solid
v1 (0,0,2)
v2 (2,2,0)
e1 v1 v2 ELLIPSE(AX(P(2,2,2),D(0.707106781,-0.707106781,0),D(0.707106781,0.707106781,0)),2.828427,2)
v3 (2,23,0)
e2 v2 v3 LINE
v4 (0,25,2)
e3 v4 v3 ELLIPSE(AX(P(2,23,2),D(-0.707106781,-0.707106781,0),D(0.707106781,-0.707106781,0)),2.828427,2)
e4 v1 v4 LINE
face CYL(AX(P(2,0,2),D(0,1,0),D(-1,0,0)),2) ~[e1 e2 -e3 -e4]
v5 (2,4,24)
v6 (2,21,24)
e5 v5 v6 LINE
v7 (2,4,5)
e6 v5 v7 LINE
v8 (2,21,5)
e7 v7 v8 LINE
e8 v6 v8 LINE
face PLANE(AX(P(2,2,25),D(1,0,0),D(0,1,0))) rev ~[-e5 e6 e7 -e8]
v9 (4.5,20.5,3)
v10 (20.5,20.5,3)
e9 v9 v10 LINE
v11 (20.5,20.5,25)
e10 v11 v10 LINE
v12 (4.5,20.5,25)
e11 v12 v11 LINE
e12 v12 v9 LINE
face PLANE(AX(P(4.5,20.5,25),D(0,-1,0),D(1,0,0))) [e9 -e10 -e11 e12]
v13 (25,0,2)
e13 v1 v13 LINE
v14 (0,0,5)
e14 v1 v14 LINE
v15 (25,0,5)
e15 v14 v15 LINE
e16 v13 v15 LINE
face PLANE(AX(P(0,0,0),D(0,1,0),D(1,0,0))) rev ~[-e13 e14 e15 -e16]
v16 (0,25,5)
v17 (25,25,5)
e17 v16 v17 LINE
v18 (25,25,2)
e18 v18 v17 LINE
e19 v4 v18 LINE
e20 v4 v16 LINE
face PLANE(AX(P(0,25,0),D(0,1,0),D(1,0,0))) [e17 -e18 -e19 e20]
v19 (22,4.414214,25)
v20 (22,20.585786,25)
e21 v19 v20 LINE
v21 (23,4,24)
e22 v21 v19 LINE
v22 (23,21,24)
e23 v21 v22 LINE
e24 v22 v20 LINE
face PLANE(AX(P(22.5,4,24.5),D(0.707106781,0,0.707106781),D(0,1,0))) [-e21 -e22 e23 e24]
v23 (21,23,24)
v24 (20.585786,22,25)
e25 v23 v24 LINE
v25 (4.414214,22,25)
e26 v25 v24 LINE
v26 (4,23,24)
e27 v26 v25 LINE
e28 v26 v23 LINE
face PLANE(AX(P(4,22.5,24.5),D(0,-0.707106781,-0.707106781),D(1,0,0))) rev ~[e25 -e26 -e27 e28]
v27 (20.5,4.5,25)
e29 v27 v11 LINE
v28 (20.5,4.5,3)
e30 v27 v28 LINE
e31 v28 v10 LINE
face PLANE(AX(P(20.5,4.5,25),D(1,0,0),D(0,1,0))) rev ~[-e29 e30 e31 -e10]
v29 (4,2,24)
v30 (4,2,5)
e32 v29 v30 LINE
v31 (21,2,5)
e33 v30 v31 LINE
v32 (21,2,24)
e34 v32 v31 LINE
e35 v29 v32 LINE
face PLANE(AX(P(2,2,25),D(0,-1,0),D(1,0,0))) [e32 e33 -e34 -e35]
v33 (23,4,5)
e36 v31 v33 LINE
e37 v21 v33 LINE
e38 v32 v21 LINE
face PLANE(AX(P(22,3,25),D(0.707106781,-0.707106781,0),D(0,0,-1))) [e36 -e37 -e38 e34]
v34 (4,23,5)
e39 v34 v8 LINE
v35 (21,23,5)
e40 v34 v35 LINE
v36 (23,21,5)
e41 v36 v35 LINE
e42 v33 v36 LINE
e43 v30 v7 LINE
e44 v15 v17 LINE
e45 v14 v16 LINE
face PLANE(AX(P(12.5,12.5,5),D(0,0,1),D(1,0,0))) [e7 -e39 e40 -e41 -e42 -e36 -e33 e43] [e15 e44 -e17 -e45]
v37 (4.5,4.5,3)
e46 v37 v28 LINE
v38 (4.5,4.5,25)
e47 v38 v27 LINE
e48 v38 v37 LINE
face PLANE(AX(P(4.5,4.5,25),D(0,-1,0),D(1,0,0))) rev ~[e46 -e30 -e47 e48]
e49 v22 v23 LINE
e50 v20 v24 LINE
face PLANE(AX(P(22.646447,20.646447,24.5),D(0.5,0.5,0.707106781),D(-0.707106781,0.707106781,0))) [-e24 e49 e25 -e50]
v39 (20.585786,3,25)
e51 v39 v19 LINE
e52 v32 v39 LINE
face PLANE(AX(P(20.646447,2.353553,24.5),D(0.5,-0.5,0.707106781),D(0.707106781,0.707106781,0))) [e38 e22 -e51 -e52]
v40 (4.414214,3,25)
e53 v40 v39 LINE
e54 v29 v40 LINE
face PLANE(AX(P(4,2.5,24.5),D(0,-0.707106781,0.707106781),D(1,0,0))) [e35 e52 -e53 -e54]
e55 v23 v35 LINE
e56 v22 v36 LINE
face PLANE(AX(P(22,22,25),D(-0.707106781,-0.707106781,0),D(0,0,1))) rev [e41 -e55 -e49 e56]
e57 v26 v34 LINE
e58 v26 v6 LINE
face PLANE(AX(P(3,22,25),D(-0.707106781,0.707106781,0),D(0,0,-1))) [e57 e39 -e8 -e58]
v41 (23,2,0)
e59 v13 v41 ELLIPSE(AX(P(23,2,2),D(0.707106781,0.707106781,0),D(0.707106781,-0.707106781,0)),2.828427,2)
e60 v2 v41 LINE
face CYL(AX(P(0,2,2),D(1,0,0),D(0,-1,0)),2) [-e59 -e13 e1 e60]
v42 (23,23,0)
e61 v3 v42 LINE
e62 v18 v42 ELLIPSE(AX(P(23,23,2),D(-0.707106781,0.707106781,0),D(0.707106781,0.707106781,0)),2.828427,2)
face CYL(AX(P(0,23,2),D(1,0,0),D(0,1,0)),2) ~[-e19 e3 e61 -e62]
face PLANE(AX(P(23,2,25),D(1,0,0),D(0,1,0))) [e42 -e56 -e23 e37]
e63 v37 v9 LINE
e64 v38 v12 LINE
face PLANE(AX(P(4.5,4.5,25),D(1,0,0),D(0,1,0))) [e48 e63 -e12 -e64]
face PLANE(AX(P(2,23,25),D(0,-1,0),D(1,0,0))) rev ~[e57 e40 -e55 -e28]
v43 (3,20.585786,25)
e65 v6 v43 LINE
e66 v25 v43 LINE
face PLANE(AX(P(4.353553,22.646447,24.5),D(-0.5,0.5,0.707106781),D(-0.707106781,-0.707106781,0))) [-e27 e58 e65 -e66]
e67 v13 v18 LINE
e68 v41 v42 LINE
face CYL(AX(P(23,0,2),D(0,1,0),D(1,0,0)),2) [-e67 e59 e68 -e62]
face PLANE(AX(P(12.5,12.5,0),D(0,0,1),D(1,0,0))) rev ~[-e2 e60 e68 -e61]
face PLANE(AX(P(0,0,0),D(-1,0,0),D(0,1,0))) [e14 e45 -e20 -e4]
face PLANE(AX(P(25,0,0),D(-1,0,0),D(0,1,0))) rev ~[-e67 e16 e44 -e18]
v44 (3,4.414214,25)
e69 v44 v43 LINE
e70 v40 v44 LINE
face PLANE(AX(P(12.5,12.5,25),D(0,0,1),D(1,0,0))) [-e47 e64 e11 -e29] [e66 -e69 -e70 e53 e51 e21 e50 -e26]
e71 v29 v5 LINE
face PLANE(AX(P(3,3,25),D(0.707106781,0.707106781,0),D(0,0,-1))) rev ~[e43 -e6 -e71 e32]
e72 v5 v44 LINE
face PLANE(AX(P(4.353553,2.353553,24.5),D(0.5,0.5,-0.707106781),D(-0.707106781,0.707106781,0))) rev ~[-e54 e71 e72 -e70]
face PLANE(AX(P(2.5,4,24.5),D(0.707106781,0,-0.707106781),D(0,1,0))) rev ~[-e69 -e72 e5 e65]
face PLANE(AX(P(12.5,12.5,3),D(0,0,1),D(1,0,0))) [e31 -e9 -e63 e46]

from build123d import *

# Parameters (mm, degrees)
SKETCH_W        = 25
SKETCH_H        = 25
PAD_DEPTH       = 25
SKETCH001_W     = 25
SKETCH001_H     = 25
SKETCH001_W_2   = 21
SKETCH001_H_2   = 21
POCKET_DEPTH    = 20
SKETCH002_W     = 16
SKETCH002_H     = 16
POCKET001_DEPTH = 22
CHAMFER_SIZE    = 2
FILLET_R        = 2
CHAMFER001_SIZE = 1


with BuildPart() as part:
    # Sketch → Pad (new body)
    with BuildSketch(Plane.XY):
        with Locations((12.5, 12.5)):
            Rectangle(SKETCH_W, SKETCH_H)
    extrude(amount=PAD_DEPTH)

    # Sketch001 (on Face6 of Pad) → Pocket (cut)
    with BuildSketch(Plane.XY.offset(25)):
        with Locations((12.5, 12.5)):
            Rectangle(SKETCH001_W, SKETCH001_H)
        with Locations((12.5, 12.5)):
            Rectangle(SKETCH001_W_2, SKETCH001_H_2, mode=Mode.SUBTRACT)
    extrude(amount=-POCKET_DEPTH, mode=Mode.SUBTRACT)

    # Sketch002 (on Face11 of Pocket) → Pocket001 (cut)
    with BuildSketch(Plane.XY.offset(25)):
        with Locations((12.5, 12.5)):
            Rectangle(SKETCH002_W, SKETCH002_H)
    extrude(amount=-POCKET001_DEPTH, mode=Mode.SUBTRACT)

    # Chamfer
    chamfer_edges = [part.edges().sort_by_distance(p)[0] for p in [
        (2, 2, 15),
        (23, 2, 15),
        (2, 23, 15),
        (23, 23, 15),
    ]]
    chamfer(chamfer_edges, length=CHAMFER_SIZE)

    # Fillet
    fillet_edges = [part.edges().sort_by_distance(p)[0] for p in [
        (12.5, 0, 0),
        (25, 12.5, 0),
        (12.5, 25, 0),
        (0, 12.5, 0),
    ]]
    fillet(fillet_edges, radius=FILLET_R)

    # Chamfer001
    chamfer001_edges = [part.edges().sort_by_distance(p)[0] for p in [
        (23, 12.5, 25),
        (22, 3, 25),
        (12.5, 2, 25),
        (3, 3, 25),
        (2, 12.5, 25),
        (3, 22, 25),
        (12.5, 23, 25),
        (22, 22, 25),
    ]]
    chamfer(chamfer001_edges, length=CHAMFER001_SIZE)


solid = part.part
